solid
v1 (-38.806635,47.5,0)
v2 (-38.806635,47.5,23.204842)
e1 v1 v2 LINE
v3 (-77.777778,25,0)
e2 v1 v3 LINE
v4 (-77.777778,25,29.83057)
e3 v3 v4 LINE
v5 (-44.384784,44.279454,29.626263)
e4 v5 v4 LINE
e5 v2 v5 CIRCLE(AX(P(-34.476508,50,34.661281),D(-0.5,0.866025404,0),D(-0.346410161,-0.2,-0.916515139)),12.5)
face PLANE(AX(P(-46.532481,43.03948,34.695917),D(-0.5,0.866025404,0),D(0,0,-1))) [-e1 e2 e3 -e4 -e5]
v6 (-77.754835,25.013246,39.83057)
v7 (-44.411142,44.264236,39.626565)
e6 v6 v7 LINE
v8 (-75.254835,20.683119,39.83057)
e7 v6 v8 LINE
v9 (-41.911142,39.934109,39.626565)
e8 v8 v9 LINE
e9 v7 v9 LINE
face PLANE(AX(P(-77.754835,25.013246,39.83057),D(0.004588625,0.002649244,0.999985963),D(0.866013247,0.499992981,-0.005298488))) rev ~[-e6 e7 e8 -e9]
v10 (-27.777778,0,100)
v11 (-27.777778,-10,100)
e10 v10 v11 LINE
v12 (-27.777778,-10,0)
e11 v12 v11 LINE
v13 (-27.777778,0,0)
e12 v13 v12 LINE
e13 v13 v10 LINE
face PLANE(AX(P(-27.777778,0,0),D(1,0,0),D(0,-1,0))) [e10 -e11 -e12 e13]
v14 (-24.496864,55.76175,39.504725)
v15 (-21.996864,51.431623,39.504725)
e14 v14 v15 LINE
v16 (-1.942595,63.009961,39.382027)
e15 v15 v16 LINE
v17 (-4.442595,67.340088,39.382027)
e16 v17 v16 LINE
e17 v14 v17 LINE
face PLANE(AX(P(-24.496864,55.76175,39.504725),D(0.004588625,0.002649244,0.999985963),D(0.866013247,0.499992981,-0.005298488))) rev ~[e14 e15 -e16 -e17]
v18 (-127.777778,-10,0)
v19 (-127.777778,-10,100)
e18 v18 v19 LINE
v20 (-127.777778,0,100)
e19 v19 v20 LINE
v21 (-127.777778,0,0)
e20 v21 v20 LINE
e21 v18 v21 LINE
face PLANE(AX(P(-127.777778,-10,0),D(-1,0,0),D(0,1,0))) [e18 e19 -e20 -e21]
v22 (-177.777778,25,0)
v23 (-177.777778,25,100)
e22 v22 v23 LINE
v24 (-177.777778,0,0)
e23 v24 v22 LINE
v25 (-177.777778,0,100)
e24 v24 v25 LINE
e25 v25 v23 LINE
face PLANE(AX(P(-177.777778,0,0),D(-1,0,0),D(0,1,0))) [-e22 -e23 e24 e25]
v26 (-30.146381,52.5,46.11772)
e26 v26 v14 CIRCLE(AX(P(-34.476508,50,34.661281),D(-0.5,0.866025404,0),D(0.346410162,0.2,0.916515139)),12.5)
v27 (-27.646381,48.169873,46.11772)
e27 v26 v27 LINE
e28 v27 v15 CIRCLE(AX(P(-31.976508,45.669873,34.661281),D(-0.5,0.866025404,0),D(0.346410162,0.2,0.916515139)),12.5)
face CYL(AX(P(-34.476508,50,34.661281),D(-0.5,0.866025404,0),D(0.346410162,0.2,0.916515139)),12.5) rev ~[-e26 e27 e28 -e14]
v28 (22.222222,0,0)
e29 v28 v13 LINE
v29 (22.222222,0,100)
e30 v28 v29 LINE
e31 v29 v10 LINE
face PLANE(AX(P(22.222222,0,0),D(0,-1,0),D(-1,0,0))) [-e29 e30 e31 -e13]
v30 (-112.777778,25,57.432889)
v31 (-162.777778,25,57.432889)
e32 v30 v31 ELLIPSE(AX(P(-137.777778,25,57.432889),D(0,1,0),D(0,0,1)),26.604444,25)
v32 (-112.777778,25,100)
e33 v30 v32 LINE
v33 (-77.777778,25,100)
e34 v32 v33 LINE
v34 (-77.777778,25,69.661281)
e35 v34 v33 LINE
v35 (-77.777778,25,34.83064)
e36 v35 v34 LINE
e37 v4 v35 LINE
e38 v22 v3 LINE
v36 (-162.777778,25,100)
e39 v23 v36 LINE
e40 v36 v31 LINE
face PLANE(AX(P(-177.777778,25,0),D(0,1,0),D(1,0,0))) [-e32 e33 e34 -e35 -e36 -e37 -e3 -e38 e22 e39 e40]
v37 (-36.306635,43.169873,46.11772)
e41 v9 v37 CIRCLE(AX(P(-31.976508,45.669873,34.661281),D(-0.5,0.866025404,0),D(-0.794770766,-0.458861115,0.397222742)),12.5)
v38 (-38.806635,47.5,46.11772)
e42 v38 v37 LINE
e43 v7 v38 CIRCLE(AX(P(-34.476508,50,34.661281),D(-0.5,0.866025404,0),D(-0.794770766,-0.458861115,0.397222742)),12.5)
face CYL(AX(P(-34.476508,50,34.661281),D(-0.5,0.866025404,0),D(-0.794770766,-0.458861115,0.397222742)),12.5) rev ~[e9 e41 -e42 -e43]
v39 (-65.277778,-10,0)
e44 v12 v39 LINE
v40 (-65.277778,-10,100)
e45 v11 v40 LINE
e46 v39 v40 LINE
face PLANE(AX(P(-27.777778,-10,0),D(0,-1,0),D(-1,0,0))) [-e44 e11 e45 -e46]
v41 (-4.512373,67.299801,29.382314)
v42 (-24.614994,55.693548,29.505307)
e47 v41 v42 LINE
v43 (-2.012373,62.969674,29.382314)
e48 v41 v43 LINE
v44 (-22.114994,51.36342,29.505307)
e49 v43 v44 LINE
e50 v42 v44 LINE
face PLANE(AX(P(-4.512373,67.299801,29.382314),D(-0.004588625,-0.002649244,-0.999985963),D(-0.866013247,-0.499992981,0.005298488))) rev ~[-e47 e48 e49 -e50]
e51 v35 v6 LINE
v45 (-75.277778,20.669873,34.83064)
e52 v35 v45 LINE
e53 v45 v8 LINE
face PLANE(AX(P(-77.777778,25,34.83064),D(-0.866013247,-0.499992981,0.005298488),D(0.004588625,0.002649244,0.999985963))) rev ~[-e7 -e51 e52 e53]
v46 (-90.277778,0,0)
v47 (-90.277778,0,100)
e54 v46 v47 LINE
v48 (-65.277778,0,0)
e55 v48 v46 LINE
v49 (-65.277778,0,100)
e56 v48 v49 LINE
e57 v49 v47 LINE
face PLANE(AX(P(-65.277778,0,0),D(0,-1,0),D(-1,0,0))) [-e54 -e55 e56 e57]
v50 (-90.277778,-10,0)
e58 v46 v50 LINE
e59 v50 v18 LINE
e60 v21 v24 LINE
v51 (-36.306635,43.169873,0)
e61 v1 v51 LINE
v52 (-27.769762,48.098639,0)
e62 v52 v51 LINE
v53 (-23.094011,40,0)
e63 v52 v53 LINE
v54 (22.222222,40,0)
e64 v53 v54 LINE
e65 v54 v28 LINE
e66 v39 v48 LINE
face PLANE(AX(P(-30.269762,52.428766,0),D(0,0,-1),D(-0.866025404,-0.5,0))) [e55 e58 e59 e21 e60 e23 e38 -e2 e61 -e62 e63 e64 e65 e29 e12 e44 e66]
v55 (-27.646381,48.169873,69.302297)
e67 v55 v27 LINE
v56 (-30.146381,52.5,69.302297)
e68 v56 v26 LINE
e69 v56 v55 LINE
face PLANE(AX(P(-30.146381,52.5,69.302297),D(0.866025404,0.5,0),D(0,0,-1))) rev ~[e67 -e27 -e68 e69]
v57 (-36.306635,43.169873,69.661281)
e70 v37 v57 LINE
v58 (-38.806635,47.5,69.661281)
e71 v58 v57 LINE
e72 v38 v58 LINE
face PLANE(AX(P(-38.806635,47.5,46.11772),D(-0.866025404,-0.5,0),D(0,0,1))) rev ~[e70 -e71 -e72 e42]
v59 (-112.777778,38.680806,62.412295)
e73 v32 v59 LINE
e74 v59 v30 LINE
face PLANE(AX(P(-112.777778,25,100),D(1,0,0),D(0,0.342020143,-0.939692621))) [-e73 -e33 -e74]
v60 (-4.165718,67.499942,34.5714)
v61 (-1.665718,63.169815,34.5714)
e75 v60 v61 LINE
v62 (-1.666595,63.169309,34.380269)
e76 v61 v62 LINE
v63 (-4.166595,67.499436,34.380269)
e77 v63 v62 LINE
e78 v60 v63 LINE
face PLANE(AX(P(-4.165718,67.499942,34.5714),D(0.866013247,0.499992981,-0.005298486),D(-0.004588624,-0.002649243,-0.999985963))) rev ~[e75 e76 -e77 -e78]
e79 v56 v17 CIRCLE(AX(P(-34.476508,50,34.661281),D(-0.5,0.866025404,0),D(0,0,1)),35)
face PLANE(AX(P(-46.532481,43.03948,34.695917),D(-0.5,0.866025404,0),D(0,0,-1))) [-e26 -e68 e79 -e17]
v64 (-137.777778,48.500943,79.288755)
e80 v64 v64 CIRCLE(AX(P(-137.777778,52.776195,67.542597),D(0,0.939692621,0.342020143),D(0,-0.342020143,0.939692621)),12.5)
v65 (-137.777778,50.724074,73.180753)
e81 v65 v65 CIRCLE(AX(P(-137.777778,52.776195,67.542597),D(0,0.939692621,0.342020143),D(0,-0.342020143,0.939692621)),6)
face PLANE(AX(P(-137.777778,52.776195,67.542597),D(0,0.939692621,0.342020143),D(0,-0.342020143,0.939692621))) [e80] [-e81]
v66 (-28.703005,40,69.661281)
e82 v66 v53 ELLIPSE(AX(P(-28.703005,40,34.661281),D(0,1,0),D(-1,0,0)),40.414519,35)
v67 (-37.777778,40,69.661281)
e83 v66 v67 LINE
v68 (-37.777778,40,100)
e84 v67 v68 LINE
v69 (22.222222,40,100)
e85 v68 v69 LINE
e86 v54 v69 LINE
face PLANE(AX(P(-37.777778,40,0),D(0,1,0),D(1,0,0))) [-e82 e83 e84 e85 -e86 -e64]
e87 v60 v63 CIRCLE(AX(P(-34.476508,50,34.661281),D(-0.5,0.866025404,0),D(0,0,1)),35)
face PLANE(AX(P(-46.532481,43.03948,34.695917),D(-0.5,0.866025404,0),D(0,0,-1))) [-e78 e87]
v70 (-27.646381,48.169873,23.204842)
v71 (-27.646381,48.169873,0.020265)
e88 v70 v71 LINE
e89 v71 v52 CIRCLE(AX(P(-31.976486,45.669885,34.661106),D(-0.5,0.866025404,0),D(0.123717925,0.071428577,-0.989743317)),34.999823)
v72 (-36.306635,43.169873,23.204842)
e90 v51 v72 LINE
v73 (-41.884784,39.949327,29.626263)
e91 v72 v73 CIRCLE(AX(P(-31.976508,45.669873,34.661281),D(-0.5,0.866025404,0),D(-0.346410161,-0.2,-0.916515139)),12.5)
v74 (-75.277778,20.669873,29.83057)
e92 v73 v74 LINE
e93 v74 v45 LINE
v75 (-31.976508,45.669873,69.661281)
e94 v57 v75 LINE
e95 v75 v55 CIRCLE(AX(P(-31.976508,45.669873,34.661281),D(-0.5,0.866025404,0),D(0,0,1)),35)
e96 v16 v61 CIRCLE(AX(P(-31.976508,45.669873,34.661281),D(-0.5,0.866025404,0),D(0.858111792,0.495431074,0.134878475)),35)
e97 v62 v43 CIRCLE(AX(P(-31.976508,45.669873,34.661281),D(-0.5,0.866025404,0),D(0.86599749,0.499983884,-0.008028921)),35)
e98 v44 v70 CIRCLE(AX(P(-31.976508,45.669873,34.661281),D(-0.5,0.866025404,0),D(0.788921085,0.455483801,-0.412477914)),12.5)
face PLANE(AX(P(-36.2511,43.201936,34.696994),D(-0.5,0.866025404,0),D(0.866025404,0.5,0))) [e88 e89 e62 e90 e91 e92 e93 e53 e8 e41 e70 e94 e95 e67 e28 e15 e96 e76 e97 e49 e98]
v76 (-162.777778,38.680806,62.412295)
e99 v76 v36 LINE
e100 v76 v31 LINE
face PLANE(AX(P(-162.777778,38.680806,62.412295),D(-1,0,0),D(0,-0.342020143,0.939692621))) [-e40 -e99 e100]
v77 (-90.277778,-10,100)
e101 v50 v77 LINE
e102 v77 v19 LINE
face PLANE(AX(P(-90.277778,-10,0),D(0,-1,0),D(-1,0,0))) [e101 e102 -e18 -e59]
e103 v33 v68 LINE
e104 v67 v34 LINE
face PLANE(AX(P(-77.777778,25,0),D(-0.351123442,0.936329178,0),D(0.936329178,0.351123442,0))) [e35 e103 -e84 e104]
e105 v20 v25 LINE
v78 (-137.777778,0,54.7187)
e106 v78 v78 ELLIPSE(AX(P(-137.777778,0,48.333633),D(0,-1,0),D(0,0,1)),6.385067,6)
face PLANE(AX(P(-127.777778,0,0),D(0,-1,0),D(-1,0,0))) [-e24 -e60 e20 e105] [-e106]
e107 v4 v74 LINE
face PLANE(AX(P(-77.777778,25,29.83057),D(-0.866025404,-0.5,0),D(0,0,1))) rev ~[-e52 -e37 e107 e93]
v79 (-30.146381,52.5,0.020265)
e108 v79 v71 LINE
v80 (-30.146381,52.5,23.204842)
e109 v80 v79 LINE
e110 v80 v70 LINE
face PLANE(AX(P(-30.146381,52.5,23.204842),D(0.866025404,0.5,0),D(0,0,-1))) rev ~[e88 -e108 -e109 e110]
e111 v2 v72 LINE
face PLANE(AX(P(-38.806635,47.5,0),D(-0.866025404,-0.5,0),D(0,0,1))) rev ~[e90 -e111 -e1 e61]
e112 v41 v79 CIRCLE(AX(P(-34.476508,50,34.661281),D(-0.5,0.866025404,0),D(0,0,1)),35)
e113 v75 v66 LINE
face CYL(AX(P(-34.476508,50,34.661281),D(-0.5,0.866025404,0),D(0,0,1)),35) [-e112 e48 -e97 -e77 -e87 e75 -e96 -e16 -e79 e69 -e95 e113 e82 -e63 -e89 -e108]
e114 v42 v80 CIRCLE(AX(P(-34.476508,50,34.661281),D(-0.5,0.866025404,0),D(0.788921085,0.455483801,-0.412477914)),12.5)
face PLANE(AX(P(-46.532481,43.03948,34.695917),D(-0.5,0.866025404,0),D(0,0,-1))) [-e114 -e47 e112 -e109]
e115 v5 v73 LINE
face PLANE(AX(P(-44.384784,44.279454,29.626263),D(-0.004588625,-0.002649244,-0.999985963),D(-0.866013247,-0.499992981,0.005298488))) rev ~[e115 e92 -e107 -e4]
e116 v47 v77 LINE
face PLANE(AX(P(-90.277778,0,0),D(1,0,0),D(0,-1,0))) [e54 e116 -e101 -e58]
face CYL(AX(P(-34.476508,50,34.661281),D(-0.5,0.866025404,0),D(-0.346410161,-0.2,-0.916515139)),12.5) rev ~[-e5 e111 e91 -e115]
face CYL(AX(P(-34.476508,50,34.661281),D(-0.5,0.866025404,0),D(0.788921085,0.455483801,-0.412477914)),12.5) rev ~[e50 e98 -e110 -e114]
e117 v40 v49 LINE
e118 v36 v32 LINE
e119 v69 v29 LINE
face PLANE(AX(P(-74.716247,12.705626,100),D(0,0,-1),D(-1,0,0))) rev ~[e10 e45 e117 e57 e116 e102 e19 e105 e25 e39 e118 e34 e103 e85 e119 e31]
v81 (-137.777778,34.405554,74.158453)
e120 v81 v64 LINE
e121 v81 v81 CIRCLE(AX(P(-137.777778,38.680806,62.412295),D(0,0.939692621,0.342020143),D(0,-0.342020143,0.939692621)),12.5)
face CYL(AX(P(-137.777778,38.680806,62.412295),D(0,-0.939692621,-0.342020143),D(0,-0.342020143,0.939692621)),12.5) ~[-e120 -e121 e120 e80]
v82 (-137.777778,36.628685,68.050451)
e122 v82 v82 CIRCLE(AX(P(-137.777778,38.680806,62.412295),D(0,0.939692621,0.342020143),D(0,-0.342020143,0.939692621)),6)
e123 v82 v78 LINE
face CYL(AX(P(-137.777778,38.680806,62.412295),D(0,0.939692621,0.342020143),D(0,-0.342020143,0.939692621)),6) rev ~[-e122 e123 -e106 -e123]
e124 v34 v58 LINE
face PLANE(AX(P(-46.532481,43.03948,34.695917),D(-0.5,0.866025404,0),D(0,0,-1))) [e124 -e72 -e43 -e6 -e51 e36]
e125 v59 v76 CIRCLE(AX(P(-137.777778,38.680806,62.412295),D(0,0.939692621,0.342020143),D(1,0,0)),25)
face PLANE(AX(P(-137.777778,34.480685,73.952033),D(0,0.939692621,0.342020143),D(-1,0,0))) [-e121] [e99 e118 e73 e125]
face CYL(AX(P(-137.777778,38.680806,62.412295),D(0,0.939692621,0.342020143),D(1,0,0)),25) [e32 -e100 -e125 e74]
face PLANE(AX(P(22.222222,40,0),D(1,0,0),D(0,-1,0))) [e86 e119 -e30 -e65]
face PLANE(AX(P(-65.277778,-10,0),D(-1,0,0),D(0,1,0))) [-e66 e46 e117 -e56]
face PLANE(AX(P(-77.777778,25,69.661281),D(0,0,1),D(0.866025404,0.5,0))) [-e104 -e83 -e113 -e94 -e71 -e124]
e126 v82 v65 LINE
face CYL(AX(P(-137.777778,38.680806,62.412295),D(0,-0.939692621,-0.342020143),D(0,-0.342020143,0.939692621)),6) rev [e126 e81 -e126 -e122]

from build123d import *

# Parameters (mm, degrees)
BOSS_EXTRUDE1_DEPTH  = 100
BOSS_EXTRUDE2_REACH  = 207.357
SKETCH6_R            = 12.5
SKETCH6_R_2          = 6
BOSS_EXTRUDE4_DEPTH  = 15
SKETCH7_R            = 6
CUT_EXTRUDE3_DEPTH   = 206.356636358
BOSS_EXTRUDE10_REACH = 190.828
CUT_EXTRUDE6_DEPTH   = 5


with BuildPart() as part:
    # Sketch1 → Boss-Extrude1 (new body)
    with BuildSketch(Plane.XY):
        Polygon((-177.777777778, 0), (-177.777777778, 25), (-77.777777778, 25), (-37.777777778, 40), (22.222222222, 40), (22.222222222, 0), (-27.777777778, 0), (-27.777777778, -10), (-65.277777778, -10), (-65.277777778, 0), (-90.277777778, 0), (-90.277777778, -10), (-127.777777778, -10), (-127.777777778, 0), align=None)
    extrude(amount=BOSS_EXTRUDE1_DEPTH)

    # Sketch5 → Boss-Extrude2 (add, up to next)
    with BuildSketch(Plane(origin=(0, 54.214936023, 19.732622965), x_dir=(-1, 0, 0), z_dir=(0, 0.939692620785908, 0.34202014332566977)), mode=Mode.PRIVATE) as boss_extrude2_sk1:
        with BuildLine():
            Line((112.777777778, 85.418758495), (112.777777778, 45.418758495))
            ThreePointArc((112.777777778, 45.418758495), (137.777777778, 20.418758495), (162.777777778, 45.418758495))
            Line((162.777777778, 45.418758495), (162.777777778, 85.418758495))
            Line((162.777777778, 85.418758495), (112.777777778, 85.418758495))
        make_face()
    boss_extrude2_tool1 = extrude(boss_extrude2_sk1.sketch, amount=-BOSS_EXTRUDE2_REACH, mode=Mode.PRIVATE) - part.part
    add(boss_extrude2_tool1.solids().sort_by_distance((-137.777778, 35.287462, 71.735431))[0])

    # Sketch6 → Boss-Extrude4 (add)
    with BuildSketch(Plane(origin=(0, 54.214936023, 19.732622965), x_dir=(1, 0, 0), z_dir=(0, 0.9396926207859081, 0.3420201433256699))):
        with Locations(Location((-137.777777778, -45.418758495, 0), (0, 0, 270))):
            Circle(SKETCH6_R)
        with Locations(Location((-137.777777778, -45.418758495, 0), (0, 0, 270))):
            Circle(SKETCH6_R_2, mode=Mode.SUBTRACT)
    extrude(amount=BOSS_EXTRUDE4_DEPTH)

    # Sketch7 → Cut-Extrude3 (cut, through all)
    with BuildSketch(Plane(origin=(0, 54.214936023, 19.732622965), x_dir=(1, 0, 0), z_dir=(0, 0.9396926207859081, 0.3420201433256699))):
        with Locations(Location((-137.777777778, -45.418758495, 0), (0, 0, 270))):
            Circle(SKETCH7_R)
    extrude(amount=-CUT_EXTRUDE3_DEPTH, mode=Mode.SUBTRACT)

    # Sketch10 → Boss-Extrude10 (add, up to next)
    with BuildSketch(Plane(origin=(-30.269761992, 52.428765703, 0), x_dir=(0, 0, -1), z_dir=(-0.5000000000000012, 0.8660254037844379, 0)), mode=Mode.PRIVATE) as boss_extrude10_sk1:
        with BuildLine():
            Line((-69.661280828, 54.857531405), (-69.661280828, 4.857531405))
            ThreePointArc((-69.661280828, 4.857531405), (-37.095944154, -30.057686115), (0, 0))
            Line((0, 0), (0, 54.857531405))
            Line((0, 54.857531405), (-69.661280828, 54.857531405))
        make_face()
    boss_extrude10_tool1 = extrude(boss_extrude10_sk1.sketch, amount=-BOSS_EXTRUDE10_REACH, mode=Mode.PRIVATE) - part.part
    add(boss_extrude10_tool1.solids().sort_by_distance((-43.846947, 44.589974, 34.777462))[0])

    # Sketch11 → Cut-Extrude6 (cut)
    with BuildSketch(Plane(origin=(-30.269761992, 52.428765703, 0), x_dir=(0.866025403784438, 0.5000000000000012, 0), z_dir=(-0.5000000000000011, 0.8660254037844379, 0))):
        with BuildLine():
            Line((-54.857531405, -34.830640414), (-54.831038967, -39.830570229))
            Line((-54.831038967, -39.830570229), (-16.329059293, -39.626565102))
            ThreePointArc((-16.329059293, -39.626565102), (-13.709739092, -43.486722407), (-9.857531405, -46.117720065))
            Line((-9.857531405, -46.117720065), (-9.857531405, -69.661280828))
            Line((-9.857531405, -69.661280828), (-4.857531405, -69.661280828))
            ThreePointArc((-4.857531405, -69.661280828), (-2.351096218, -69.571419508), (0.142468595, -69.302296979))
            Line((0.142468595, -69.302296979), (0.142468595, -46.117720065))
            ThreePointArc((0.142468595, -46.117720065), (4.041313515, -43.439695211), (6.665968636, -39.50472452))
            Line((6.665968636, -39.50472452), (29.822643788, -39.382027441))
            ThreePointArc((29.822643788, -39.382027441), (30.065429756, -36.982225405), (30.142353187, -34.571400312))
            Line((30.142353187, -34.571400312), (30.141340464, -34.380268592))
            ThreePointArc((30.141340464, -34.380268592), (30.031317876, -31.874132501), (29.742071325, -29.382313987))
            Line((29.742071325, -29.382313987), (6.529563607, -29.505306898))
            ThreePointArc((6.529563607, -29.505306898), (3.92074784, -25.762302601), (0.142468595, -23.204841591))
            Line((0.142468595, -23.204841591), (0.142468595, -0.020264677))
            ThreePointArc((0.142468595, -0.020264677), (0.071244712, -0.010059118), (0, 0))
            Line((0, 0), (-9.857531405, 0))
            Line((-9.857531405, 0), (-9.857531405, -23.204841591))
            ThreePointArc((-9.857531405, -23.204841591), (-13.682838556, -25.808939121), (-16.298624018, -29.626263466))
            Line((-16.298624018, -29.626263466), (-54.857531405, -29.830570228))
            Line((-54.857531405, -29.830570228), (-54.857531405, -34.830640414))
        make_face()
    extrude(amount=-CUT_EXTRUDE6_DEPTH, mode=Mode.SUBTRACT)


solid = part.part
